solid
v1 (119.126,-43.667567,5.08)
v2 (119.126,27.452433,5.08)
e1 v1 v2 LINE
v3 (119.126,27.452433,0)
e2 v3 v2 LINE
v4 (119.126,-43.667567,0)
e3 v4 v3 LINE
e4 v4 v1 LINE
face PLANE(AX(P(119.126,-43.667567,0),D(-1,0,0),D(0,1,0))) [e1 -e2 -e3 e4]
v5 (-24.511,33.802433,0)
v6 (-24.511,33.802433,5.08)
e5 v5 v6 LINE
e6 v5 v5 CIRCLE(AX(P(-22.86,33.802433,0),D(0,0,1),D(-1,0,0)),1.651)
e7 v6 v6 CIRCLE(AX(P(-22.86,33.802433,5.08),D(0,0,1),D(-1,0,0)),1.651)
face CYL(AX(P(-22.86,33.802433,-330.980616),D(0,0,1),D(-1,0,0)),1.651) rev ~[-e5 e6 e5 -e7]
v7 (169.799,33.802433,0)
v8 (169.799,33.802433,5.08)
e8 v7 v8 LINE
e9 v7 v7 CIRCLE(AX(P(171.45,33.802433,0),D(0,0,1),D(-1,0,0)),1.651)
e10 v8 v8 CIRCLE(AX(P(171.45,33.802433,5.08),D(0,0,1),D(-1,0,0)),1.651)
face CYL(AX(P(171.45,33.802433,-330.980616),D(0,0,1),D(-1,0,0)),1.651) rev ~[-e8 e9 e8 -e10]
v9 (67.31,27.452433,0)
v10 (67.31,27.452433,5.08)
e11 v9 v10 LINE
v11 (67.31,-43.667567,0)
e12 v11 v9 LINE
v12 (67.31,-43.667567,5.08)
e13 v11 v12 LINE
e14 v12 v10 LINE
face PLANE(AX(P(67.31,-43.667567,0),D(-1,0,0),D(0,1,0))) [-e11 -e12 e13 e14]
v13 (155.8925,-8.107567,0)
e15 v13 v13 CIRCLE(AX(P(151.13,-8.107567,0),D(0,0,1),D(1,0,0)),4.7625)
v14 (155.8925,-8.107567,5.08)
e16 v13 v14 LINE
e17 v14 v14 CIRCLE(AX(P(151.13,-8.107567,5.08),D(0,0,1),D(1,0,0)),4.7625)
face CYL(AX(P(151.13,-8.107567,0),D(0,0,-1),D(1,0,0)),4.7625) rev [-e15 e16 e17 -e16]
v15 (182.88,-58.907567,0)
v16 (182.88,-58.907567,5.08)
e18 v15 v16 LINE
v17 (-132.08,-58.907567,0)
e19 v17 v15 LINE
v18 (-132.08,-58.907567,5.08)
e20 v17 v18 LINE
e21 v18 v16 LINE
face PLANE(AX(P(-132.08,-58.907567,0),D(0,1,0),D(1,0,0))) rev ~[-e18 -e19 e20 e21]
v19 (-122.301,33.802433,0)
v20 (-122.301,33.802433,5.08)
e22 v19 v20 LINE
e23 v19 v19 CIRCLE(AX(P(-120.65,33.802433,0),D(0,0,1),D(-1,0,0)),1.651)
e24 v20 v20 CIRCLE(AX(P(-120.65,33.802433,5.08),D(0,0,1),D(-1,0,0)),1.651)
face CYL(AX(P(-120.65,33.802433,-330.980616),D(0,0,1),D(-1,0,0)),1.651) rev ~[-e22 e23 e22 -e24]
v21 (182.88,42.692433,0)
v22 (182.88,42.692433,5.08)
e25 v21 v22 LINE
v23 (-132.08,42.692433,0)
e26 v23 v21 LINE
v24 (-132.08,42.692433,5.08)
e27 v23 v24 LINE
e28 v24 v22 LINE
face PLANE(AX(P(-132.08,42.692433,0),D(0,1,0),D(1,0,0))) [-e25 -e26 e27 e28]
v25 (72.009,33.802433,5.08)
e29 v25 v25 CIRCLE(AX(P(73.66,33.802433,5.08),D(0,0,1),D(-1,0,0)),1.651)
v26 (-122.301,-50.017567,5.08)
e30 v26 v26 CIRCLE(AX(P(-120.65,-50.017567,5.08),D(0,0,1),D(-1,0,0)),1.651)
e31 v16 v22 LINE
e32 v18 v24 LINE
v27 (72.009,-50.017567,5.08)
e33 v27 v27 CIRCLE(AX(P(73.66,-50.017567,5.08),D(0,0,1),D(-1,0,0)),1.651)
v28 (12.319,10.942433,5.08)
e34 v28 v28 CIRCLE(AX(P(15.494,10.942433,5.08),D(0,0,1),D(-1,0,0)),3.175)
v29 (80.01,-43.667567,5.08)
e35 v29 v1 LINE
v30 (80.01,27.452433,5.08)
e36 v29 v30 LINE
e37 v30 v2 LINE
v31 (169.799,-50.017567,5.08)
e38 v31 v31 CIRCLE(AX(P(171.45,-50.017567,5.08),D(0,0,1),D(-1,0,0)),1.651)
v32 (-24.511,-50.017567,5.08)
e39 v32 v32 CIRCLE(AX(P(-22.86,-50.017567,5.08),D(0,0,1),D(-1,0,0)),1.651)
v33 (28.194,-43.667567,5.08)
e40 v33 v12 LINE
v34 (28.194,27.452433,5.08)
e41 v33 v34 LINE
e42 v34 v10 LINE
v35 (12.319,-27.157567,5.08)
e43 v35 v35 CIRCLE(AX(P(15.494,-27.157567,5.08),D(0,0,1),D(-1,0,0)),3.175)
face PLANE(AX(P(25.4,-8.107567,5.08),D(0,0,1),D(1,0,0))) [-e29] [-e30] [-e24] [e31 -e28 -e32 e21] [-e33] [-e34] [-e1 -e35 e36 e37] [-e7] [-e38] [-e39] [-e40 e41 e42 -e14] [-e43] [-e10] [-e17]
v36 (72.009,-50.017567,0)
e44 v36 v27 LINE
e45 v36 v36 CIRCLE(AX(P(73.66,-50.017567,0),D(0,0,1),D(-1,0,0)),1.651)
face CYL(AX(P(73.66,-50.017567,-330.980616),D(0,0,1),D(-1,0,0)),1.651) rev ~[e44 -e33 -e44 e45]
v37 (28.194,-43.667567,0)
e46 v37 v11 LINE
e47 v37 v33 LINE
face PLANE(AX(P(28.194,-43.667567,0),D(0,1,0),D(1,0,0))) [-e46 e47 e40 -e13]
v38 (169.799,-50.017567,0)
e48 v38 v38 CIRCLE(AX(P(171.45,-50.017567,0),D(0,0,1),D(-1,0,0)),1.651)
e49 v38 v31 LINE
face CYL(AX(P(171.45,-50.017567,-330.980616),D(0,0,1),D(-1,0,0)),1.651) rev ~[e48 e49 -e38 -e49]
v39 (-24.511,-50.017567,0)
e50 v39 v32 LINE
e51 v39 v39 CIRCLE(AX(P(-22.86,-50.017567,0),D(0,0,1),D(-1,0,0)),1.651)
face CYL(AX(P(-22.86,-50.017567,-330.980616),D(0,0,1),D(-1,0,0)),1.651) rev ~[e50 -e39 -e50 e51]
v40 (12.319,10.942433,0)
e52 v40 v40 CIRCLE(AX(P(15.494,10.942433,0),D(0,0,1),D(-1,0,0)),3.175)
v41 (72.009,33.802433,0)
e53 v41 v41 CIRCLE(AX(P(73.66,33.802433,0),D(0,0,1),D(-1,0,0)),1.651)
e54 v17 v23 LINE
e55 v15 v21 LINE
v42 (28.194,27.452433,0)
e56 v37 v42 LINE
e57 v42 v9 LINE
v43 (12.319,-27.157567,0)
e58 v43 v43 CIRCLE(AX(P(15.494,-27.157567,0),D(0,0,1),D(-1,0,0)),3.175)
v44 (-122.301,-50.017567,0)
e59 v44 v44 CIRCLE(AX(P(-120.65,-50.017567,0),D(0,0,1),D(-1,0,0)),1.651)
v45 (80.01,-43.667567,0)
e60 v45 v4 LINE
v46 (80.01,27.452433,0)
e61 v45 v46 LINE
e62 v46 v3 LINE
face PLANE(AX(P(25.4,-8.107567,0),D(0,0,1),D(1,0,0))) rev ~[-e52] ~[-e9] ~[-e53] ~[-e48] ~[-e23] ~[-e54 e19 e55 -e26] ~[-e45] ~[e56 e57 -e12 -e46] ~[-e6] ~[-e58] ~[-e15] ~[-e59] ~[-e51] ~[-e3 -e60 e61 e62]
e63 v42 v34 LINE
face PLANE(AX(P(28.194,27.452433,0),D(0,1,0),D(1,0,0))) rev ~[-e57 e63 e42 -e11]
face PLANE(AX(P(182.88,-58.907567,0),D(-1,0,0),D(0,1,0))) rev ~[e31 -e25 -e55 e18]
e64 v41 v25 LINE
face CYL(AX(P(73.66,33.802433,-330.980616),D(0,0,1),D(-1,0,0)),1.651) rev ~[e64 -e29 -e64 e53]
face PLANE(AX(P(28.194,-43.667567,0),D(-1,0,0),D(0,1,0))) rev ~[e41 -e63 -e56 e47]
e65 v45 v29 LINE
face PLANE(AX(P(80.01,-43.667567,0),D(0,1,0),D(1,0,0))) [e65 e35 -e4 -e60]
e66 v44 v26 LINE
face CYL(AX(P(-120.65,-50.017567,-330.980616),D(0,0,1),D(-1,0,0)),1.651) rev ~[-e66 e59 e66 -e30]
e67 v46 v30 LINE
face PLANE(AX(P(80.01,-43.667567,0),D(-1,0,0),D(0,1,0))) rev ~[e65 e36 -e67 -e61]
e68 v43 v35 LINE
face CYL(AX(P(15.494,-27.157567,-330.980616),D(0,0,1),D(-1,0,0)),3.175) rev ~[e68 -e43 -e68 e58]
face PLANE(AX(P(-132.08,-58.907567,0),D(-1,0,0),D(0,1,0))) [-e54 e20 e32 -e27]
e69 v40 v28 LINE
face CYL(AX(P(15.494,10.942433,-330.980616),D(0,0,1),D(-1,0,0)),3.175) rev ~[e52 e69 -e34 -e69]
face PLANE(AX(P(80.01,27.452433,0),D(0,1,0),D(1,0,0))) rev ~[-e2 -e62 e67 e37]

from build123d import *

# Parameters (mm, degrees)
F0_W     = 314.96
F0_H     = 101.6
F0_W_2   = 39.116
F0_H_2   = 71.12
F0_R     = 4.7625
F1_DEPTH = 5.08
F2_D     = 3.302
F3_D     = 6.35


with BuildPart() as f1:
    # F0 (on Top) → F1 (new body)
    with BuildSketch(Plane.XY):
        with Locations((25.4, -8.1075665182)):
            Rectangle(F0_W, F0_H)
        with Locations((47.752, -8.1075665182)):
            Rectangle(F0_W_2, F0_H_2, mode=Mode.SUBTRACT)
        with Locations((99.568, -8.1075665182)):
            Rectangle(F0_W_2, F0_H_2, mode=Mode.SUBTRACT)
        with Locations((151.13, -8.1075665182)):
            Circle(F0_R, mode=Mode.SUBTRACT)
    extrude(amount=F1_DEPTH)

    # F2 (through all)
    with Locations(Plane(origin=(0, 0, 0), x_dir=(1, 0, 0), z_dir=(0, 0, -1))):
        with Locations((-120.65, -33.8024334818), (-22.86, -33.8024334818), (73.66, -33.8024334818), (171.45, -33.8024334818), (171.45, 50.0175665182), (73.66, 50.0175665182), (-22.86, 50.0175665182), (-120.65, 50.0175665182)):
            Hole(F2_D / 2)

    # F3 (through all)
    with Locations(Plane(origin=(0, 0, 0), x_dir=(1, 0, 0), z_dir=(0, 0, -1))):
        with Locations((15.494, -10.9424334818), (15.494, 27.1575665182)):
            Hole(F3_D / 2)


solid = f1.part
